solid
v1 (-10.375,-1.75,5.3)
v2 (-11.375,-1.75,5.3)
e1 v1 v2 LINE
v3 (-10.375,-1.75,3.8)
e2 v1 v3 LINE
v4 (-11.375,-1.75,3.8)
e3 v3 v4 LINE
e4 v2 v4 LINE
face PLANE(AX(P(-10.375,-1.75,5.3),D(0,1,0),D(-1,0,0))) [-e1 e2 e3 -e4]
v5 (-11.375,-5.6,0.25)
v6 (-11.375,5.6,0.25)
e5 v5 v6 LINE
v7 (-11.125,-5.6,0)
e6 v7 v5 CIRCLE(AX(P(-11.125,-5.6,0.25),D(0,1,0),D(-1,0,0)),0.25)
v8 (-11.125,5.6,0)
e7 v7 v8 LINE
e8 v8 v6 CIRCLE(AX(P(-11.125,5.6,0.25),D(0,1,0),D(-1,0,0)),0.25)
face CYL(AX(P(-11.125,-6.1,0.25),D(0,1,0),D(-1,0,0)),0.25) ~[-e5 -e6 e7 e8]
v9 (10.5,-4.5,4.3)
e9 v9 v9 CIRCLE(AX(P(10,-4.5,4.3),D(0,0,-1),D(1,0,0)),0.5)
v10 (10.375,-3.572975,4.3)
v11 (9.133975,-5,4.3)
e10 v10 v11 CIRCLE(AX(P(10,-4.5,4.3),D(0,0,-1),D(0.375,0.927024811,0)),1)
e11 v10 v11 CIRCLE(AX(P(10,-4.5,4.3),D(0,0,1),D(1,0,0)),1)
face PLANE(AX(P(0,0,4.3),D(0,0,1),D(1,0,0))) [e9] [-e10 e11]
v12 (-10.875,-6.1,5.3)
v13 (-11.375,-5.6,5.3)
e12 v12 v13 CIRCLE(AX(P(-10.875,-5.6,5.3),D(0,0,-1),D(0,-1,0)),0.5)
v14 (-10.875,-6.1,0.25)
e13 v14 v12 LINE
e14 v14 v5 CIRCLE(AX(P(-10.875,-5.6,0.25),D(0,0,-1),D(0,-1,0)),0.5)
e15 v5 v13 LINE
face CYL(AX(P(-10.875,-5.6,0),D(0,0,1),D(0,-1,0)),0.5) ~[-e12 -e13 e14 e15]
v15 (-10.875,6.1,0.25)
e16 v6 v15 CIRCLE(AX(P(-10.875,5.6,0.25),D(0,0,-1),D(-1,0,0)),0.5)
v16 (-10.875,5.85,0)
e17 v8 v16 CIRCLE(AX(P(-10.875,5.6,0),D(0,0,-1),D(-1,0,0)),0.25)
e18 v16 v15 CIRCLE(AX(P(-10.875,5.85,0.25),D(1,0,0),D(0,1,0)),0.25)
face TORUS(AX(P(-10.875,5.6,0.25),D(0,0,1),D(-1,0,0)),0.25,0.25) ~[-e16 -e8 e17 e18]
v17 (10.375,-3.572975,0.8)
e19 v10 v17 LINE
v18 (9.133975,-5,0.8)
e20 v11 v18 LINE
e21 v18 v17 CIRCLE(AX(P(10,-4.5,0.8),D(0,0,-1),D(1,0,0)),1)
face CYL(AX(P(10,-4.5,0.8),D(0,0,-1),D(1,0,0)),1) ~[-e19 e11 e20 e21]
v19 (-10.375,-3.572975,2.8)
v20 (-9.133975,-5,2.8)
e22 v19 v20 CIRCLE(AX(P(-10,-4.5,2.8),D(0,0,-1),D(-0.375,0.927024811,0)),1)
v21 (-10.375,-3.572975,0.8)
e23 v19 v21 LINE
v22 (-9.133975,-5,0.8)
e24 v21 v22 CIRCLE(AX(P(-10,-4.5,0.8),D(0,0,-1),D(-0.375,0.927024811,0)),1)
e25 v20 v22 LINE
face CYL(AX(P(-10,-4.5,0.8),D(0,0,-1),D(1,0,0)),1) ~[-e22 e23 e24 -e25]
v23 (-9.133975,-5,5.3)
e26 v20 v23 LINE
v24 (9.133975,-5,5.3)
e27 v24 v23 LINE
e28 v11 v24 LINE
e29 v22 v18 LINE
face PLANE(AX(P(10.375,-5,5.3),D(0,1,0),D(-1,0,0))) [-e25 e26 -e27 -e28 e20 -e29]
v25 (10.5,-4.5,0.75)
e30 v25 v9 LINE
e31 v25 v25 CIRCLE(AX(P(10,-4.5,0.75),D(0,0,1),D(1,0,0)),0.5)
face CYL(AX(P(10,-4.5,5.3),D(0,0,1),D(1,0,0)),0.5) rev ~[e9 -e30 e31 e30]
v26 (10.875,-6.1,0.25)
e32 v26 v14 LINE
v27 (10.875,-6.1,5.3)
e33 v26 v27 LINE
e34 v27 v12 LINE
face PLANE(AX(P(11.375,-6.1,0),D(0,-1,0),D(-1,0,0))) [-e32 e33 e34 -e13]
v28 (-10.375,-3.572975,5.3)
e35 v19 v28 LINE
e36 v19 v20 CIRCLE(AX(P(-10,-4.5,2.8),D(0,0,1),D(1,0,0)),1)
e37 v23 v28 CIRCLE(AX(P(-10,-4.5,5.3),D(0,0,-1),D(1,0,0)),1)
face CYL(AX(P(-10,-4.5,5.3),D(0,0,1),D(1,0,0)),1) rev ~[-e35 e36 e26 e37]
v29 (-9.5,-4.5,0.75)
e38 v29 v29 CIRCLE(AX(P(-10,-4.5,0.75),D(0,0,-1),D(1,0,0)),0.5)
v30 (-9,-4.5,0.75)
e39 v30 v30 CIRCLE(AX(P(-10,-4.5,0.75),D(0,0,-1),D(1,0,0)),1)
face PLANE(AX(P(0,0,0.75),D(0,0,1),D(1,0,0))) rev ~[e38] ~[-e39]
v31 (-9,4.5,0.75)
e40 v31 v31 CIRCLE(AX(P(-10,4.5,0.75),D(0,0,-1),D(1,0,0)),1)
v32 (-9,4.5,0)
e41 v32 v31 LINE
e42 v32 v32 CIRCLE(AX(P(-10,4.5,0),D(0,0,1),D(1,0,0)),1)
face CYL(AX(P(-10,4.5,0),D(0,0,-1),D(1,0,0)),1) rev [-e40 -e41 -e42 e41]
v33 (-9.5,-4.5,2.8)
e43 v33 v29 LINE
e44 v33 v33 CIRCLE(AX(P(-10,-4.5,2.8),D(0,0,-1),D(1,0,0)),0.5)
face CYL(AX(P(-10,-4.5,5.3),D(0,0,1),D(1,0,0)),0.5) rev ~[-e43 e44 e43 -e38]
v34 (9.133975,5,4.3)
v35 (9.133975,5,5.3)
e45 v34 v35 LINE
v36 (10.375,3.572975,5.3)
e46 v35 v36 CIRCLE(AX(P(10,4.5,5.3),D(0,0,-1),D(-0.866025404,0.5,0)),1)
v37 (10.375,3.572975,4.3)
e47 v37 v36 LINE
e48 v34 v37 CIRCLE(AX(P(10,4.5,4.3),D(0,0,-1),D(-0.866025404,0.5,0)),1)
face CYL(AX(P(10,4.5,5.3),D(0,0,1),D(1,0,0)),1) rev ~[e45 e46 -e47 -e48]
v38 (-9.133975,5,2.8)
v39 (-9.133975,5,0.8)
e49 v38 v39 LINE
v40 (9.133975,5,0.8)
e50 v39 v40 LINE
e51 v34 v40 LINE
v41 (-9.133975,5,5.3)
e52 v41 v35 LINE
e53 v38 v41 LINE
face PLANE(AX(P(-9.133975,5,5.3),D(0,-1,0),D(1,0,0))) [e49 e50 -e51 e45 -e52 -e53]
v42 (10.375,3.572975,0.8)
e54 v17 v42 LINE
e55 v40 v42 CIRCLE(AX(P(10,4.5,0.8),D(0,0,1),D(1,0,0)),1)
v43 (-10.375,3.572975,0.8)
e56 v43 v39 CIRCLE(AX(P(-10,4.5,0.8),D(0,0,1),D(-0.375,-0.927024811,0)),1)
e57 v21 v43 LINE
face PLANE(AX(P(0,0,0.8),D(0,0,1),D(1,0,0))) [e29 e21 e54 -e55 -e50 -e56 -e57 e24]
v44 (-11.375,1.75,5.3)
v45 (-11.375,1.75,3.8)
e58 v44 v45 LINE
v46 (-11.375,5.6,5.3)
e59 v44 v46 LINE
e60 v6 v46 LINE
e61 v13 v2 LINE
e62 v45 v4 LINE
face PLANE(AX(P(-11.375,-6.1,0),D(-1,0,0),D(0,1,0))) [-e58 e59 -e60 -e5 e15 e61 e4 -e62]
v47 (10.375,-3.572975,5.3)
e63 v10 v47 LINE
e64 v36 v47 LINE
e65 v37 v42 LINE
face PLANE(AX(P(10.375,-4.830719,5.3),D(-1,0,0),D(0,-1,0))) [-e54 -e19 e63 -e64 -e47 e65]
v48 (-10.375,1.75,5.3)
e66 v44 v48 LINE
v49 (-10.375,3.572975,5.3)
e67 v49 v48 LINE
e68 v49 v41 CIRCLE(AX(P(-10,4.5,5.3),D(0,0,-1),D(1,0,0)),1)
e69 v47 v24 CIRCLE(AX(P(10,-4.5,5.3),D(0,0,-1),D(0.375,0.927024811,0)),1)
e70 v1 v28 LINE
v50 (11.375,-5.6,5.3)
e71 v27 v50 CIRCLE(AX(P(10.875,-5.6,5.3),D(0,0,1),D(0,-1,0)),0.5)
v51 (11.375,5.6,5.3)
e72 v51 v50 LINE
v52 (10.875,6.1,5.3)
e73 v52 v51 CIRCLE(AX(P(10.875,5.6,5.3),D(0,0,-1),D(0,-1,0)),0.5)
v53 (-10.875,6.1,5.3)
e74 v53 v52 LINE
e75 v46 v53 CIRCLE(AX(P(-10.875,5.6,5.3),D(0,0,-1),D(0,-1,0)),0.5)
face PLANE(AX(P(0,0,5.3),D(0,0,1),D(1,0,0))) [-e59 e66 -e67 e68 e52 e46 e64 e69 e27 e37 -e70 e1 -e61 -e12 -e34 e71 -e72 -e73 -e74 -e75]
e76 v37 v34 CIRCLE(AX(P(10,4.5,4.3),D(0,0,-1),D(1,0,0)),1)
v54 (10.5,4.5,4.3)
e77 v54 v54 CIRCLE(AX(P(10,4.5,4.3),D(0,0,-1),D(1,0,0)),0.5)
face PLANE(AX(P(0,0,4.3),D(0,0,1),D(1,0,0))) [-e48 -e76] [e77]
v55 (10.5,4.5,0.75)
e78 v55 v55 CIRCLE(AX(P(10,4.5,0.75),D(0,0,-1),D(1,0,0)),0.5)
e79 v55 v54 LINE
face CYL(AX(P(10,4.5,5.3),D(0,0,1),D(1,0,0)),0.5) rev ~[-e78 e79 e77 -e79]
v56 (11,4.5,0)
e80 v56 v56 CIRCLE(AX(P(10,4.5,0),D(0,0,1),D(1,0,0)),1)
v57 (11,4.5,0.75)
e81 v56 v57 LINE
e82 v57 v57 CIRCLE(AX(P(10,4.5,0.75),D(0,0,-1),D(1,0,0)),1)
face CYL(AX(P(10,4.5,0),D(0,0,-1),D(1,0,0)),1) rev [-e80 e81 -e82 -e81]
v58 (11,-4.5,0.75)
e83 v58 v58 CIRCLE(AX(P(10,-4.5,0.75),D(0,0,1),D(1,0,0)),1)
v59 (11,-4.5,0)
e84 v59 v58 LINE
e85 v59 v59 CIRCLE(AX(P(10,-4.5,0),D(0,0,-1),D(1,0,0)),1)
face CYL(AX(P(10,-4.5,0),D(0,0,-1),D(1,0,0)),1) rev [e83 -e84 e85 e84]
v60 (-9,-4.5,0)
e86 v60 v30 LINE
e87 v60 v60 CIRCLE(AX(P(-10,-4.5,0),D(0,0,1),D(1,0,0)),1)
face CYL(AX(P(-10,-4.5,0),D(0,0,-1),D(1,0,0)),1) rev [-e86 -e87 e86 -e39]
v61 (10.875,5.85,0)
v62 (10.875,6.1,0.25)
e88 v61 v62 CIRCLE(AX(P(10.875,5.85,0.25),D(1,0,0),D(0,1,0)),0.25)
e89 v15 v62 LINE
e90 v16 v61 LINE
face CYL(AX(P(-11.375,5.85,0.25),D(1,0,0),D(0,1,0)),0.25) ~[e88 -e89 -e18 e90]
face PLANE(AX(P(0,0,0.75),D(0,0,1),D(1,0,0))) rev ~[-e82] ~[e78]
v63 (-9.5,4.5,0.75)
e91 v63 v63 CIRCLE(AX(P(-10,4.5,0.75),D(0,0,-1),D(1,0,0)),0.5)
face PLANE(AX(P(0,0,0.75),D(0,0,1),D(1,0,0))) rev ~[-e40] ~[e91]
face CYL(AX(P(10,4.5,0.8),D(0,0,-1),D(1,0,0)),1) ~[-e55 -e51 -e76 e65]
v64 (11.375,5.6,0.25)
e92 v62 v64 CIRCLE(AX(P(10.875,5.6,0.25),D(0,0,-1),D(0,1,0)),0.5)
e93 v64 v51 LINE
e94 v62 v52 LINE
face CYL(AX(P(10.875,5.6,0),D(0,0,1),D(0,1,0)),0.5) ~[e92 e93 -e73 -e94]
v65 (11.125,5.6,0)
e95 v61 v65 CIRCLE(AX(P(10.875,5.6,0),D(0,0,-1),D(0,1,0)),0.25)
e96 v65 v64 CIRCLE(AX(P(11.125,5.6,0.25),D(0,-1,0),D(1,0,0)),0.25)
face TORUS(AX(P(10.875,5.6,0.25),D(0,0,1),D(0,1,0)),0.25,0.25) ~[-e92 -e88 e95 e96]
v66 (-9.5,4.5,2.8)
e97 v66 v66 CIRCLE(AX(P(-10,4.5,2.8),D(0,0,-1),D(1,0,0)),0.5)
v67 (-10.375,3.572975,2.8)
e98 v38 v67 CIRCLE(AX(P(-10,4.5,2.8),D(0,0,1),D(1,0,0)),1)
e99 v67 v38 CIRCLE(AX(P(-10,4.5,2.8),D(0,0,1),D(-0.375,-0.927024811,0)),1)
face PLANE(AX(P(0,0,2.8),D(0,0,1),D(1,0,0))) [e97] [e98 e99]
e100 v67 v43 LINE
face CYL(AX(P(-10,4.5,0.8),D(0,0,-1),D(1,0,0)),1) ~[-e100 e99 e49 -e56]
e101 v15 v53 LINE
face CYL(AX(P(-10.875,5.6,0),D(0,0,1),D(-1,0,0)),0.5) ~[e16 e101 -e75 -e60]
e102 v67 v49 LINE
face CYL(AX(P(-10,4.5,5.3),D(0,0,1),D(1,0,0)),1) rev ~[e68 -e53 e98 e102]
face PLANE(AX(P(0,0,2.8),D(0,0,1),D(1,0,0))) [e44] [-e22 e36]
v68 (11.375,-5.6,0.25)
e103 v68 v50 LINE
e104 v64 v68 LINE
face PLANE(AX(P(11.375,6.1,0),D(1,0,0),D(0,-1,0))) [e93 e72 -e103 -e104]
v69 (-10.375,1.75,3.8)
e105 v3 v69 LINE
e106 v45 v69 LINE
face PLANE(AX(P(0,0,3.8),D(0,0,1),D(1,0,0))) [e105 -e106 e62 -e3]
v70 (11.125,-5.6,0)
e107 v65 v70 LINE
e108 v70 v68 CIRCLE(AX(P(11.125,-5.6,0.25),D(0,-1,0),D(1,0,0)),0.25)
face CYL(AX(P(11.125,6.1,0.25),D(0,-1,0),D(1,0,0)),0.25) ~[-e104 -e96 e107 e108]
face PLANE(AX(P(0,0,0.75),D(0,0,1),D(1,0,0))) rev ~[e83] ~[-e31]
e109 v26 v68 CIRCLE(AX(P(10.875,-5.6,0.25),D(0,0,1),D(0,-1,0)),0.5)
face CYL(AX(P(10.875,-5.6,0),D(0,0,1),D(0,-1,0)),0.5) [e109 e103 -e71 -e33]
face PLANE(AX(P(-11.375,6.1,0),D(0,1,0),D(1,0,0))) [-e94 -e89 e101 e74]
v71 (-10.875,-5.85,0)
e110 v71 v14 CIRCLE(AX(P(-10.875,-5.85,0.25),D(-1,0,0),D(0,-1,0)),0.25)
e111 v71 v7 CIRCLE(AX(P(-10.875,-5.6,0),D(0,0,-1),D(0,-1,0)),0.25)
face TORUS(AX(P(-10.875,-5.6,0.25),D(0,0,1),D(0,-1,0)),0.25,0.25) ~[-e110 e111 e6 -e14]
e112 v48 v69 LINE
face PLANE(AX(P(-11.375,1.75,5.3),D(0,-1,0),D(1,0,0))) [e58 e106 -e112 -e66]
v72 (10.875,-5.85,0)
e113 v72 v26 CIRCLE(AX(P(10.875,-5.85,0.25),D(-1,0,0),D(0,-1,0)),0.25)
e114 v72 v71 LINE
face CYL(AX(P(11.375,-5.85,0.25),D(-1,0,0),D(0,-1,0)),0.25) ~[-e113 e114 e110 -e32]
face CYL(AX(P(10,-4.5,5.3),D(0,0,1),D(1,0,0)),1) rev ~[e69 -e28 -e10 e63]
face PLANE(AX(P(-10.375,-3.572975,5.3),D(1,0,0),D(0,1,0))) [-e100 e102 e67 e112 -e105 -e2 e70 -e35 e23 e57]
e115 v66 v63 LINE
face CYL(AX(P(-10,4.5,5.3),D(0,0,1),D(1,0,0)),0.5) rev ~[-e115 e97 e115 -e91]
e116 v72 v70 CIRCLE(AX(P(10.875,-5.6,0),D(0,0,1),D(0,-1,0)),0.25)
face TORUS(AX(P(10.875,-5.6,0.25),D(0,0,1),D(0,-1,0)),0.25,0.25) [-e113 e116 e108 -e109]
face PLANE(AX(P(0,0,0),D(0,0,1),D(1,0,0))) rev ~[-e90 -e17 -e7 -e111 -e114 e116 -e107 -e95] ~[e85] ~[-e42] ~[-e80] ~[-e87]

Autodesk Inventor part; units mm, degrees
ref_plane "YZ Plane" through (0, 0, 0) normal (1, 0, 0) x (0, 1, 0)
ref_plane "XZ Plane" through (0, 0, 0) normal (0, 1, 0) x (-1, 0, 0)
ref_plane "XY Plane" through (0, 0, 0) normal (0, 0, 1) x (1, 0, 0)
sketch "Sketch1" plane through (0, 0, 0) normal (0, 0, 1) x (1, 0, 0)
  line L0 (11.375, -6.1) -> (-11.375, -6.1)
  line L1 (-11.375, -6.1) -> (-11.375, 6.1)
  line L2 (-11.375, 6.1) -> (11.375, 6.1)
  line L3 (11.375, 6.1) -> (11.375, -6.1)
  line L4 (11.375, -6.1) -> (-11.375, 6.1) construction
  line L5 (-11.375, -6.1) -> (11.375, 6.1) construction
  point P0 (0, 0)
  dimension "d0" = 12.2
  dimension "d1" = 22.75
extrude "Extrusion1" add sketch "Sketch1" along normal blind 5.3
fillet "Fillet1" radius 0.5 4 edges at (-11.375, 6.1, 2.65) (-11.375, -6.1, 2.65) (11.375, -6.1, 2.65) (11.375, 6.1, 2.65)
fillet "Fillet1" radius 0.25 4 edges at (0, -6.1, 0) (-11.375, 0, 0) (0, 6.1, 0) (11.375, 0, 0)
sketch "Sketch2" plane through (0, 0, 5.3) normal (0, 0, 1) x (1, 0, 0)
  line L0 (10.375, -5) -> (-10.375, -5)
  line L1 (-10.375, -5) -> (-10.375, 5)
  line L2 (-10.375, 5) -> (10.375, 5)
  line L3 (10.375, 5) -> (10.375, -5)
  line L4 (10.375, -5) -> (-10.375, 5) construction
  line L5 (-10.375, -5) -> (10.375, 5) construction
  line L6 (10.875, 6.1) -> (-10.875, 6.1) projected
  line L7 (-11.375, 5.6) -> (-11.375, -5.6) projected
  line L8 (-11.375, -5.6) -> (-11.375, 5.6) projected
  line L9 (-10.375, -1.75) -> (-11.375, -1.75)
  line L10 (-11.375, -1.75) -> (-11.375, 1.75)
  line L11 (-11.375, 1.75) -> (-10.375, 1.75)
  line L12 (-10.375, 1.75) -> (-10.375, -1.75)
  line L13 (10, -4.5) -> (-10, -4.5) construction
  line L14 (-10, -4.5) -> (-10, 4.5) construction
  line L15 (-10, 4.5) -> (10, 4.5) construction
  line L16 (10, 4.5) -> (10, -4.5) construction
  line L17 (10, -4.5) -> (-10, 4.5) construction
  line L18 (-10, -4.5) -> (10, 4.5) construction
  circle A0 centre (-10, 4.5) radius 0.5
  circle A1 centre (10, 4.5) radius 0.5
  circle A2 centre (-10, -4.5) radius 0.5
  circle A3 centre (10, -4.5) radius 0.5
  circle A4 centre (-10, 4.5) radius 1
  circle A5 centre (10, 4.5) radius 1
  circle A6 centre (-10, -4.5) radius 1
  circle A7 centre (10, -4.5) radius 1
  point P0 (0, 0)
  point P1 (-11.375, 0)
  point P2 (0, 0)
  point P3 (-11.375, 0)
  point P4 (0, 0)
  dimension "d6" = 1.1
  dimension "d7" = 1
  dimension "d8" = 3.5
  dimension "d9" = 20
  dimension "d10" = 9
  dimension "d11" = 1
  dimension "d12" = 2
extrude "Extrusion2" cut sketch "Sketch2" against normal blind 4.5 contours L0 A3 L3 | L0 A7 L3 A3 | A3 L3 | L0 A6 L1 A4 L2 A5 L3 A7 | L0 A2 L1 A6 | L0 L1 A2 | A2 L1 | A5 L2 A1 L3 | A1 L3 | A1 L2 L3 | A4 L1 A0 L2 | A0 L1 L2 | A0 L1 picked at (10.2274, -3.7042) picked at (10.11, -4.5904) picked at (-9.1814, -4.3794) picked at (-10.0833, -4.5) picked at (10.2274, 3.7042) picked at (10.1829, 4.6853) picked at (-9.1814, 4.3794) picked at (-10.0875, 4.5371)
extrude "Extrusion3" cut sketch "Sketch2" against normal through all contours A3 L3 | L3 A3 | A2 L1 | A2 L1 | A1 L3 | L3 A1 | A0 L1 | A0 L1
extrude "Extrusion4" add sketch "Sketch2" along normal blind 2 from surface at -4.5 contours A6 L1 A2 L0 | L0 A2 L1 A6 | L0 L1 A2 | A4 L1 A0 L2 | L2 L1 A0 A4 | A0 L1 L2
extrude "Extrusion5" cut sketch "Sketch2" against normal up to surface (2.5 mm away) contours A6 L1 A2 L0 | L0 A2 L1 A6 | L0 L1 A2 | A4 L1 A0 L2 | L2 L1 A0 A4 | A0 L1 L2
extrude "Extrusion6" add sketch "Sketch2" along normal blind 3.5 from surface at -4.5 contours L3 A3 A7 L0 | L0 A3 L3 | L0 A7 L3 A3 | A5 L2 A1 L3 | L3 A1 L2 A5 | A1 L2 L3
extrude "Extrusion7" cut sketch "Sketch2" against normal up to surface (1 mm away) contours L3 A3 A7 L0 | L0 A3 L3 | L0 A7 L3 A3 | A5 L2 A1 L3 | L3 A1 L2 A5 | A1 L2 L3
extrude "Extrusion8" cut sketch "Sketch2" against normal blind 1.5 contours L9 L7 L11 L1
extrude "Extrusion9" cut sketch "Sketch2" along normal blind 0.75 from surface at -5.3 contours L3 A3 A7 L0 | L0 A3 L3 | L0 A7 L3 A3 | A6 L1 A2 L0 | L0 A2 L1 A6 | L0 L1 A2 | A5 L2 A1 L3 | L3 A1 L2 A5 | A1 L2 L3 | A4 L1 A0 L2 | L2 L1 A0 A4 | A0 L1 L2
properties part number "sevo onder" material "Glass"
